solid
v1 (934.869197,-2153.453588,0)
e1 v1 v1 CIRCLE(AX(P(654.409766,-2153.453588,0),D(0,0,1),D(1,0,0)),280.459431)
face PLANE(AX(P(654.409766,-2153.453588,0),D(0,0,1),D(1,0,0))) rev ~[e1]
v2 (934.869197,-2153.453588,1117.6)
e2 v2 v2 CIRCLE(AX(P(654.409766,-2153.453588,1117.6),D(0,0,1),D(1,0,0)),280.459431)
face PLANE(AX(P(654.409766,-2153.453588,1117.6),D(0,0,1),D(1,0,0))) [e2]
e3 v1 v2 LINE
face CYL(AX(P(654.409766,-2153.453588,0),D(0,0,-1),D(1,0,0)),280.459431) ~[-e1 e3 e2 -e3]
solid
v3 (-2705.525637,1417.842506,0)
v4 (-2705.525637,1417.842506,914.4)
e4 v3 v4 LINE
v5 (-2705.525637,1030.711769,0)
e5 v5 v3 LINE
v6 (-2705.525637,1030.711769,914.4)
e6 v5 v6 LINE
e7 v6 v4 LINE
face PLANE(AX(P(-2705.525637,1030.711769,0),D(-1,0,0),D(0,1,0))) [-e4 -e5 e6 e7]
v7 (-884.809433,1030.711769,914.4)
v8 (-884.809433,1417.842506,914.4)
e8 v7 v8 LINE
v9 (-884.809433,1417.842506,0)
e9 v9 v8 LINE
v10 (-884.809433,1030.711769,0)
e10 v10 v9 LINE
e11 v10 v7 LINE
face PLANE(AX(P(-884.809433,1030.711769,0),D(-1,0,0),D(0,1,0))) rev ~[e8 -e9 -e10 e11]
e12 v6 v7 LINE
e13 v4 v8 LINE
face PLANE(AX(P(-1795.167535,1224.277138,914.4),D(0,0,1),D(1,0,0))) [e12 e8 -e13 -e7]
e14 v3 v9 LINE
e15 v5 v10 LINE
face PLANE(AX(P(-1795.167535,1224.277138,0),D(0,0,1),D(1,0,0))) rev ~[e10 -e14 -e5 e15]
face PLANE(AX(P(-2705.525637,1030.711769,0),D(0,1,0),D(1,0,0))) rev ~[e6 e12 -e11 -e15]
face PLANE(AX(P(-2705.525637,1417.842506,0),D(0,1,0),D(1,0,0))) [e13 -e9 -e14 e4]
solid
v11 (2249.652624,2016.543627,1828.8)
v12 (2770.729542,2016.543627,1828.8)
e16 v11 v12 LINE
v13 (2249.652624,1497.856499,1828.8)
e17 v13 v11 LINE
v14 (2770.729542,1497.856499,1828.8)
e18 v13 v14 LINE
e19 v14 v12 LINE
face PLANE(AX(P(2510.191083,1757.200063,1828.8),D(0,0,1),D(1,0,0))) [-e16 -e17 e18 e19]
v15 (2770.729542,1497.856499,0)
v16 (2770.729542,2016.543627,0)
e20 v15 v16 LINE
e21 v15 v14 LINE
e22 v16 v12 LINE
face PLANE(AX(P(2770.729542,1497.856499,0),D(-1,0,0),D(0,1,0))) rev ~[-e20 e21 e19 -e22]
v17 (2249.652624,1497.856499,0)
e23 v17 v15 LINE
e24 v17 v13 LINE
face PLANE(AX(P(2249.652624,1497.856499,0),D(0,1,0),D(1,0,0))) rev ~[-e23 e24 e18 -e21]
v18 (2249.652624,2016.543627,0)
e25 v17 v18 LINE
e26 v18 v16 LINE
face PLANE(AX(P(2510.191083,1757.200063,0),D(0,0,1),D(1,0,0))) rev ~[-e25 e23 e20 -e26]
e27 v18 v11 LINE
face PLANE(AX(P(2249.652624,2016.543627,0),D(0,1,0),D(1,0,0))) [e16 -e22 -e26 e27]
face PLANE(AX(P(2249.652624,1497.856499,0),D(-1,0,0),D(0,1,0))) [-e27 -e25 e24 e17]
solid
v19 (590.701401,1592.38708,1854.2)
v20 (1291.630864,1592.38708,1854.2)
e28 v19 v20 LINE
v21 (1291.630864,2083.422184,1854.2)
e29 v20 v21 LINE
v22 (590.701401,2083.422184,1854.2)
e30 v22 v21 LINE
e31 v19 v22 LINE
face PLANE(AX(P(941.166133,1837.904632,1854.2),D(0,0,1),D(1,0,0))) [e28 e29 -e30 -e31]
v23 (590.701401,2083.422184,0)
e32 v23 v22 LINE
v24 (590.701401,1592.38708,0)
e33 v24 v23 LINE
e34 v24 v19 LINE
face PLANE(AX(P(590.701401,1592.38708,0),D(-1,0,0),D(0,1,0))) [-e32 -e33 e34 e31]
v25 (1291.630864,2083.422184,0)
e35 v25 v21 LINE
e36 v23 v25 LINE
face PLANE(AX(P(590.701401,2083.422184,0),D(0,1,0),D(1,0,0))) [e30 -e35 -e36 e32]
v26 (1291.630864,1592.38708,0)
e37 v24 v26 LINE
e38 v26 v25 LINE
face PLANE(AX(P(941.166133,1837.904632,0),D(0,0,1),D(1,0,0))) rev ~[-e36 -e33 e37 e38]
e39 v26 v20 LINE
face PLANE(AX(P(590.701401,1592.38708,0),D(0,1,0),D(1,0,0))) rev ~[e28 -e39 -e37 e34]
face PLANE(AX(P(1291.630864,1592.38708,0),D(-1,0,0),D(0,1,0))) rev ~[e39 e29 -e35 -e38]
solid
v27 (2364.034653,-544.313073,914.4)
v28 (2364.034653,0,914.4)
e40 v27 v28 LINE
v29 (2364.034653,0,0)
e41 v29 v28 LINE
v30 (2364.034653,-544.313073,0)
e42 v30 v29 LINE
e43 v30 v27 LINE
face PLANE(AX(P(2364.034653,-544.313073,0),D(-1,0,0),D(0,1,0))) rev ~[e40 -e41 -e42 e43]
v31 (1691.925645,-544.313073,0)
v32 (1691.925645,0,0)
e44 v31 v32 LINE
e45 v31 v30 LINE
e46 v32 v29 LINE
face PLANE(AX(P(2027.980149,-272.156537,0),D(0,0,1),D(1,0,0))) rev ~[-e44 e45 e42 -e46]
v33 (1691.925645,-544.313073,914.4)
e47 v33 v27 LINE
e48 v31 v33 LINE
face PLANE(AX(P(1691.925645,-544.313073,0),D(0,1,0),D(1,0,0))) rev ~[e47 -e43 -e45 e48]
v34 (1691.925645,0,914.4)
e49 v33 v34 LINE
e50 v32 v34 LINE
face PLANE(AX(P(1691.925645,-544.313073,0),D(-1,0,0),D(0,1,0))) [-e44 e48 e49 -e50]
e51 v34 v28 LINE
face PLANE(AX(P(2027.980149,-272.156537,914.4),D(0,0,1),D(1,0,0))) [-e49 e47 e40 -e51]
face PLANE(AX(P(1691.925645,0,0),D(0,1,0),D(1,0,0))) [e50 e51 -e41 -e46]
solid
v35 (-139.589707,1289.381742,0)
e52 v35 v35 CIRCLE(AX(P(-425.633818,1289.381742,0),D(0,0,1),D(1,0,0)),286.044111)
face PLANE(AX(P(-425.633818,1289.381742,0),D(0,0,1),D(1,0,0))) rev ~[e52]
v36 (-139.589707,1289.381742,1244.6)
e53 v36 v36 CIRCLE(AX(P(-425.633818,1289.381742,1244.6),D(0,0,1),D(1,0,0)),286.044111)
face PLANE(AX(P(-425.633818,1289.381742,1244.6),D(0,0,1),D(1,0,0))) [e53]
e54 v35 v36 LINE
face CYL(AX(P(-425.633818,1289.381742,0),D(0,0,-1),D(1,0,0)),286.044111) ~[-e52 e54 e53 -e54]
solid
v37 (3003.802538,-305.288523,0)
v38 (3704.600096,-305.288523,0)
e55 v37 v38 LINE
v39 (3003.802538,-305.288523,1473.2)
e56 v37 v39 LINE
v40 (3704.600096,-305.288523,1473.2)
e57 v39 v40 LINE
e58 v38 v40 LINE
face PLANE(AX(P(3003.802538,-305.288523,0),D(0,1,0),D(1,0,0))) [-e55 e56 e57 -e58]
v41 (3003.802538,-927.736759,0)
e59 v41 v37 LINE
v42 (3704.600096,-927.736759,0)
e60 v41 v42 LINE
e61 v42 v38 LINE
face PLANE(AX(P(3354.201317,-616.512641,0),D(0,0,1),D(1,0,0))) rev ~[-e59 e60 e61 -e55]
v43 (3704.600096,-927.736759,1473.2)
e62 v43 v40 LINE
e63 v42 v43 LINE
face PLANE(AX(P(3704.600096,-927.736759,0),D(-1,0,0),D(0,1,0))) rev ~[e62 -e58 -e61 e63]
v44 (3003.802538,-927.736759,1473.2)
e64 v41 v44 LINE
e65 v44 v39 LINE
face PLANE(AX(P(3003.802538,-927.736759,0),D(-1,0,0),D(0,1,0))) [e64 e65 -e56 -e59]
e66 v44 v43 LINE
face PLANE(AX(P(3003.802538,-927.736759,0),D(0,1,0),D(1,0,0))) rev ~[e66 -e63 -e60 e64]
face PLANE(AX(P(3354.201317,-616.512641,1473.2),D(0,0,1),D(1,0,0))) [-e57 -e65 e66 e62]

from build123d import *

# Parameters (mm, degrees)
F0_W      = 919.162988
F0_H      = 539.31427
F1_DEPTH  = 25.4
F2_W      = 700.929463
F2_H      = 491.035104
F3_DEPTH  = 1854.2
F5_W      = 672.109008
F5_H      = 544.313073
F6_DEPTH  = 914.4
F7_R      = 178.740434
F8_DEPTH  = 939.8
F9_W      = 521.076918
F9_H      = 518.687129
F10_DEPTH = 1828.8
F11_W     = 700.797558
F11_H     = 622.448236
F12_DEPTH = 1473.2
F13_R     = 135.460143
F14_DEPTH = 1016
F15_R     = 280.459431
F16_DEPTH = 1117.6
F19_R     = 286.044111
F20_DEPTH = 1244.6
F21_W     = 1820.716203
F21_H     = 387.130737
F22_DEPTH = 914.4


with BuildPart() as f1:
    # F0 (on Top) → F1 (new body)
    with BuildSketch(Plane.XY):
        with Locations((2285.994172, -360.533297)):
            Rectangle(F0_W, F0_H)
    extrude(amount=F1_DEPTH)


with BuildPart() as f3:
    # F2 (on Top) → F3 (new body)
    with BuildSketch(Plane.XY):
        with Locations((941.166133, 1837.904632)):
            Rectangle(F2_W, F2_H)
    extrude(amount=F3_DEPTH)


with BuildPart() as f6:
    # F5 (on Top) → F6 (new body)
    with BuildSketch(Plane.XY):
        with Locations((2027.980149, -272.156537)):
            Rectangle(F5_W, F5_H)
    extrude(amount=F6_DEPTH)


with BuildPart() as f8:
    # F7 (on Top) → F8 (new body)
    with BuildSketch(Plane.XY):
        with Locations((-395.410061, 1610.258222)):
            Circle(F7_R)
    extrude(amount=F8_DEPTH)


with BuildPart() as f10:
    # F9 (on Top) → F10 (new body)
    with BuildSketch(Plane.XY):
        with Locations((2510.191083, 1757.200063)):
            Rectangle(F9_W, F9_H)
    extrude(amount=F10_DEPTH)


with BuildPart() as f12:
    # F11 (on Top) → F12 (new body)
    with BuildSketch(Plane.XY):
        with Locations((3354.201317, -616.512641)):
            Rectangle(F11_W, F11_H)
    extrude(amount=F12_DEPTH)


with BuildPart() as f14:
    # F13 (on Top) → F14 (new body)
    with BuildSketch(Plane.XY):
        with Locations((-951.282263, -655.183971)):
            Circle(F13_R)
    extrude(amount=F14_DEPTH)


with BuildPart() as f16:
    # F15 (on Top) → F16 (new body)
    with BuildSketch(Plane.XY):
        with Locations((654.409766, -2153.453588)):
            Circle(F15_R)
    extrude(amount=F16_DEPTH)


with BuildPart() as f20:
    # F19 (on Top) → F20 (new body)
    with BuildSketch(Plane.XY):
        with Locations((-425.633818, 1289.381742)):
            Circle(F19_R)
    extrude(amount=F20_DEPTH)


with BuildPart() as f22:
    # F21 (on Top) → F22 (new body)
    with BuildSketch(Plane.XY):
        with Locations((-1795.167535, 1224.277138)):
            Rectangle(F21_W, F21_H)
    extrude(amount=F22_DEPTH)


solid = Compound([f3.part, f6.part, f10.part, f12.part, f16.part, f20.part, f22.part])
